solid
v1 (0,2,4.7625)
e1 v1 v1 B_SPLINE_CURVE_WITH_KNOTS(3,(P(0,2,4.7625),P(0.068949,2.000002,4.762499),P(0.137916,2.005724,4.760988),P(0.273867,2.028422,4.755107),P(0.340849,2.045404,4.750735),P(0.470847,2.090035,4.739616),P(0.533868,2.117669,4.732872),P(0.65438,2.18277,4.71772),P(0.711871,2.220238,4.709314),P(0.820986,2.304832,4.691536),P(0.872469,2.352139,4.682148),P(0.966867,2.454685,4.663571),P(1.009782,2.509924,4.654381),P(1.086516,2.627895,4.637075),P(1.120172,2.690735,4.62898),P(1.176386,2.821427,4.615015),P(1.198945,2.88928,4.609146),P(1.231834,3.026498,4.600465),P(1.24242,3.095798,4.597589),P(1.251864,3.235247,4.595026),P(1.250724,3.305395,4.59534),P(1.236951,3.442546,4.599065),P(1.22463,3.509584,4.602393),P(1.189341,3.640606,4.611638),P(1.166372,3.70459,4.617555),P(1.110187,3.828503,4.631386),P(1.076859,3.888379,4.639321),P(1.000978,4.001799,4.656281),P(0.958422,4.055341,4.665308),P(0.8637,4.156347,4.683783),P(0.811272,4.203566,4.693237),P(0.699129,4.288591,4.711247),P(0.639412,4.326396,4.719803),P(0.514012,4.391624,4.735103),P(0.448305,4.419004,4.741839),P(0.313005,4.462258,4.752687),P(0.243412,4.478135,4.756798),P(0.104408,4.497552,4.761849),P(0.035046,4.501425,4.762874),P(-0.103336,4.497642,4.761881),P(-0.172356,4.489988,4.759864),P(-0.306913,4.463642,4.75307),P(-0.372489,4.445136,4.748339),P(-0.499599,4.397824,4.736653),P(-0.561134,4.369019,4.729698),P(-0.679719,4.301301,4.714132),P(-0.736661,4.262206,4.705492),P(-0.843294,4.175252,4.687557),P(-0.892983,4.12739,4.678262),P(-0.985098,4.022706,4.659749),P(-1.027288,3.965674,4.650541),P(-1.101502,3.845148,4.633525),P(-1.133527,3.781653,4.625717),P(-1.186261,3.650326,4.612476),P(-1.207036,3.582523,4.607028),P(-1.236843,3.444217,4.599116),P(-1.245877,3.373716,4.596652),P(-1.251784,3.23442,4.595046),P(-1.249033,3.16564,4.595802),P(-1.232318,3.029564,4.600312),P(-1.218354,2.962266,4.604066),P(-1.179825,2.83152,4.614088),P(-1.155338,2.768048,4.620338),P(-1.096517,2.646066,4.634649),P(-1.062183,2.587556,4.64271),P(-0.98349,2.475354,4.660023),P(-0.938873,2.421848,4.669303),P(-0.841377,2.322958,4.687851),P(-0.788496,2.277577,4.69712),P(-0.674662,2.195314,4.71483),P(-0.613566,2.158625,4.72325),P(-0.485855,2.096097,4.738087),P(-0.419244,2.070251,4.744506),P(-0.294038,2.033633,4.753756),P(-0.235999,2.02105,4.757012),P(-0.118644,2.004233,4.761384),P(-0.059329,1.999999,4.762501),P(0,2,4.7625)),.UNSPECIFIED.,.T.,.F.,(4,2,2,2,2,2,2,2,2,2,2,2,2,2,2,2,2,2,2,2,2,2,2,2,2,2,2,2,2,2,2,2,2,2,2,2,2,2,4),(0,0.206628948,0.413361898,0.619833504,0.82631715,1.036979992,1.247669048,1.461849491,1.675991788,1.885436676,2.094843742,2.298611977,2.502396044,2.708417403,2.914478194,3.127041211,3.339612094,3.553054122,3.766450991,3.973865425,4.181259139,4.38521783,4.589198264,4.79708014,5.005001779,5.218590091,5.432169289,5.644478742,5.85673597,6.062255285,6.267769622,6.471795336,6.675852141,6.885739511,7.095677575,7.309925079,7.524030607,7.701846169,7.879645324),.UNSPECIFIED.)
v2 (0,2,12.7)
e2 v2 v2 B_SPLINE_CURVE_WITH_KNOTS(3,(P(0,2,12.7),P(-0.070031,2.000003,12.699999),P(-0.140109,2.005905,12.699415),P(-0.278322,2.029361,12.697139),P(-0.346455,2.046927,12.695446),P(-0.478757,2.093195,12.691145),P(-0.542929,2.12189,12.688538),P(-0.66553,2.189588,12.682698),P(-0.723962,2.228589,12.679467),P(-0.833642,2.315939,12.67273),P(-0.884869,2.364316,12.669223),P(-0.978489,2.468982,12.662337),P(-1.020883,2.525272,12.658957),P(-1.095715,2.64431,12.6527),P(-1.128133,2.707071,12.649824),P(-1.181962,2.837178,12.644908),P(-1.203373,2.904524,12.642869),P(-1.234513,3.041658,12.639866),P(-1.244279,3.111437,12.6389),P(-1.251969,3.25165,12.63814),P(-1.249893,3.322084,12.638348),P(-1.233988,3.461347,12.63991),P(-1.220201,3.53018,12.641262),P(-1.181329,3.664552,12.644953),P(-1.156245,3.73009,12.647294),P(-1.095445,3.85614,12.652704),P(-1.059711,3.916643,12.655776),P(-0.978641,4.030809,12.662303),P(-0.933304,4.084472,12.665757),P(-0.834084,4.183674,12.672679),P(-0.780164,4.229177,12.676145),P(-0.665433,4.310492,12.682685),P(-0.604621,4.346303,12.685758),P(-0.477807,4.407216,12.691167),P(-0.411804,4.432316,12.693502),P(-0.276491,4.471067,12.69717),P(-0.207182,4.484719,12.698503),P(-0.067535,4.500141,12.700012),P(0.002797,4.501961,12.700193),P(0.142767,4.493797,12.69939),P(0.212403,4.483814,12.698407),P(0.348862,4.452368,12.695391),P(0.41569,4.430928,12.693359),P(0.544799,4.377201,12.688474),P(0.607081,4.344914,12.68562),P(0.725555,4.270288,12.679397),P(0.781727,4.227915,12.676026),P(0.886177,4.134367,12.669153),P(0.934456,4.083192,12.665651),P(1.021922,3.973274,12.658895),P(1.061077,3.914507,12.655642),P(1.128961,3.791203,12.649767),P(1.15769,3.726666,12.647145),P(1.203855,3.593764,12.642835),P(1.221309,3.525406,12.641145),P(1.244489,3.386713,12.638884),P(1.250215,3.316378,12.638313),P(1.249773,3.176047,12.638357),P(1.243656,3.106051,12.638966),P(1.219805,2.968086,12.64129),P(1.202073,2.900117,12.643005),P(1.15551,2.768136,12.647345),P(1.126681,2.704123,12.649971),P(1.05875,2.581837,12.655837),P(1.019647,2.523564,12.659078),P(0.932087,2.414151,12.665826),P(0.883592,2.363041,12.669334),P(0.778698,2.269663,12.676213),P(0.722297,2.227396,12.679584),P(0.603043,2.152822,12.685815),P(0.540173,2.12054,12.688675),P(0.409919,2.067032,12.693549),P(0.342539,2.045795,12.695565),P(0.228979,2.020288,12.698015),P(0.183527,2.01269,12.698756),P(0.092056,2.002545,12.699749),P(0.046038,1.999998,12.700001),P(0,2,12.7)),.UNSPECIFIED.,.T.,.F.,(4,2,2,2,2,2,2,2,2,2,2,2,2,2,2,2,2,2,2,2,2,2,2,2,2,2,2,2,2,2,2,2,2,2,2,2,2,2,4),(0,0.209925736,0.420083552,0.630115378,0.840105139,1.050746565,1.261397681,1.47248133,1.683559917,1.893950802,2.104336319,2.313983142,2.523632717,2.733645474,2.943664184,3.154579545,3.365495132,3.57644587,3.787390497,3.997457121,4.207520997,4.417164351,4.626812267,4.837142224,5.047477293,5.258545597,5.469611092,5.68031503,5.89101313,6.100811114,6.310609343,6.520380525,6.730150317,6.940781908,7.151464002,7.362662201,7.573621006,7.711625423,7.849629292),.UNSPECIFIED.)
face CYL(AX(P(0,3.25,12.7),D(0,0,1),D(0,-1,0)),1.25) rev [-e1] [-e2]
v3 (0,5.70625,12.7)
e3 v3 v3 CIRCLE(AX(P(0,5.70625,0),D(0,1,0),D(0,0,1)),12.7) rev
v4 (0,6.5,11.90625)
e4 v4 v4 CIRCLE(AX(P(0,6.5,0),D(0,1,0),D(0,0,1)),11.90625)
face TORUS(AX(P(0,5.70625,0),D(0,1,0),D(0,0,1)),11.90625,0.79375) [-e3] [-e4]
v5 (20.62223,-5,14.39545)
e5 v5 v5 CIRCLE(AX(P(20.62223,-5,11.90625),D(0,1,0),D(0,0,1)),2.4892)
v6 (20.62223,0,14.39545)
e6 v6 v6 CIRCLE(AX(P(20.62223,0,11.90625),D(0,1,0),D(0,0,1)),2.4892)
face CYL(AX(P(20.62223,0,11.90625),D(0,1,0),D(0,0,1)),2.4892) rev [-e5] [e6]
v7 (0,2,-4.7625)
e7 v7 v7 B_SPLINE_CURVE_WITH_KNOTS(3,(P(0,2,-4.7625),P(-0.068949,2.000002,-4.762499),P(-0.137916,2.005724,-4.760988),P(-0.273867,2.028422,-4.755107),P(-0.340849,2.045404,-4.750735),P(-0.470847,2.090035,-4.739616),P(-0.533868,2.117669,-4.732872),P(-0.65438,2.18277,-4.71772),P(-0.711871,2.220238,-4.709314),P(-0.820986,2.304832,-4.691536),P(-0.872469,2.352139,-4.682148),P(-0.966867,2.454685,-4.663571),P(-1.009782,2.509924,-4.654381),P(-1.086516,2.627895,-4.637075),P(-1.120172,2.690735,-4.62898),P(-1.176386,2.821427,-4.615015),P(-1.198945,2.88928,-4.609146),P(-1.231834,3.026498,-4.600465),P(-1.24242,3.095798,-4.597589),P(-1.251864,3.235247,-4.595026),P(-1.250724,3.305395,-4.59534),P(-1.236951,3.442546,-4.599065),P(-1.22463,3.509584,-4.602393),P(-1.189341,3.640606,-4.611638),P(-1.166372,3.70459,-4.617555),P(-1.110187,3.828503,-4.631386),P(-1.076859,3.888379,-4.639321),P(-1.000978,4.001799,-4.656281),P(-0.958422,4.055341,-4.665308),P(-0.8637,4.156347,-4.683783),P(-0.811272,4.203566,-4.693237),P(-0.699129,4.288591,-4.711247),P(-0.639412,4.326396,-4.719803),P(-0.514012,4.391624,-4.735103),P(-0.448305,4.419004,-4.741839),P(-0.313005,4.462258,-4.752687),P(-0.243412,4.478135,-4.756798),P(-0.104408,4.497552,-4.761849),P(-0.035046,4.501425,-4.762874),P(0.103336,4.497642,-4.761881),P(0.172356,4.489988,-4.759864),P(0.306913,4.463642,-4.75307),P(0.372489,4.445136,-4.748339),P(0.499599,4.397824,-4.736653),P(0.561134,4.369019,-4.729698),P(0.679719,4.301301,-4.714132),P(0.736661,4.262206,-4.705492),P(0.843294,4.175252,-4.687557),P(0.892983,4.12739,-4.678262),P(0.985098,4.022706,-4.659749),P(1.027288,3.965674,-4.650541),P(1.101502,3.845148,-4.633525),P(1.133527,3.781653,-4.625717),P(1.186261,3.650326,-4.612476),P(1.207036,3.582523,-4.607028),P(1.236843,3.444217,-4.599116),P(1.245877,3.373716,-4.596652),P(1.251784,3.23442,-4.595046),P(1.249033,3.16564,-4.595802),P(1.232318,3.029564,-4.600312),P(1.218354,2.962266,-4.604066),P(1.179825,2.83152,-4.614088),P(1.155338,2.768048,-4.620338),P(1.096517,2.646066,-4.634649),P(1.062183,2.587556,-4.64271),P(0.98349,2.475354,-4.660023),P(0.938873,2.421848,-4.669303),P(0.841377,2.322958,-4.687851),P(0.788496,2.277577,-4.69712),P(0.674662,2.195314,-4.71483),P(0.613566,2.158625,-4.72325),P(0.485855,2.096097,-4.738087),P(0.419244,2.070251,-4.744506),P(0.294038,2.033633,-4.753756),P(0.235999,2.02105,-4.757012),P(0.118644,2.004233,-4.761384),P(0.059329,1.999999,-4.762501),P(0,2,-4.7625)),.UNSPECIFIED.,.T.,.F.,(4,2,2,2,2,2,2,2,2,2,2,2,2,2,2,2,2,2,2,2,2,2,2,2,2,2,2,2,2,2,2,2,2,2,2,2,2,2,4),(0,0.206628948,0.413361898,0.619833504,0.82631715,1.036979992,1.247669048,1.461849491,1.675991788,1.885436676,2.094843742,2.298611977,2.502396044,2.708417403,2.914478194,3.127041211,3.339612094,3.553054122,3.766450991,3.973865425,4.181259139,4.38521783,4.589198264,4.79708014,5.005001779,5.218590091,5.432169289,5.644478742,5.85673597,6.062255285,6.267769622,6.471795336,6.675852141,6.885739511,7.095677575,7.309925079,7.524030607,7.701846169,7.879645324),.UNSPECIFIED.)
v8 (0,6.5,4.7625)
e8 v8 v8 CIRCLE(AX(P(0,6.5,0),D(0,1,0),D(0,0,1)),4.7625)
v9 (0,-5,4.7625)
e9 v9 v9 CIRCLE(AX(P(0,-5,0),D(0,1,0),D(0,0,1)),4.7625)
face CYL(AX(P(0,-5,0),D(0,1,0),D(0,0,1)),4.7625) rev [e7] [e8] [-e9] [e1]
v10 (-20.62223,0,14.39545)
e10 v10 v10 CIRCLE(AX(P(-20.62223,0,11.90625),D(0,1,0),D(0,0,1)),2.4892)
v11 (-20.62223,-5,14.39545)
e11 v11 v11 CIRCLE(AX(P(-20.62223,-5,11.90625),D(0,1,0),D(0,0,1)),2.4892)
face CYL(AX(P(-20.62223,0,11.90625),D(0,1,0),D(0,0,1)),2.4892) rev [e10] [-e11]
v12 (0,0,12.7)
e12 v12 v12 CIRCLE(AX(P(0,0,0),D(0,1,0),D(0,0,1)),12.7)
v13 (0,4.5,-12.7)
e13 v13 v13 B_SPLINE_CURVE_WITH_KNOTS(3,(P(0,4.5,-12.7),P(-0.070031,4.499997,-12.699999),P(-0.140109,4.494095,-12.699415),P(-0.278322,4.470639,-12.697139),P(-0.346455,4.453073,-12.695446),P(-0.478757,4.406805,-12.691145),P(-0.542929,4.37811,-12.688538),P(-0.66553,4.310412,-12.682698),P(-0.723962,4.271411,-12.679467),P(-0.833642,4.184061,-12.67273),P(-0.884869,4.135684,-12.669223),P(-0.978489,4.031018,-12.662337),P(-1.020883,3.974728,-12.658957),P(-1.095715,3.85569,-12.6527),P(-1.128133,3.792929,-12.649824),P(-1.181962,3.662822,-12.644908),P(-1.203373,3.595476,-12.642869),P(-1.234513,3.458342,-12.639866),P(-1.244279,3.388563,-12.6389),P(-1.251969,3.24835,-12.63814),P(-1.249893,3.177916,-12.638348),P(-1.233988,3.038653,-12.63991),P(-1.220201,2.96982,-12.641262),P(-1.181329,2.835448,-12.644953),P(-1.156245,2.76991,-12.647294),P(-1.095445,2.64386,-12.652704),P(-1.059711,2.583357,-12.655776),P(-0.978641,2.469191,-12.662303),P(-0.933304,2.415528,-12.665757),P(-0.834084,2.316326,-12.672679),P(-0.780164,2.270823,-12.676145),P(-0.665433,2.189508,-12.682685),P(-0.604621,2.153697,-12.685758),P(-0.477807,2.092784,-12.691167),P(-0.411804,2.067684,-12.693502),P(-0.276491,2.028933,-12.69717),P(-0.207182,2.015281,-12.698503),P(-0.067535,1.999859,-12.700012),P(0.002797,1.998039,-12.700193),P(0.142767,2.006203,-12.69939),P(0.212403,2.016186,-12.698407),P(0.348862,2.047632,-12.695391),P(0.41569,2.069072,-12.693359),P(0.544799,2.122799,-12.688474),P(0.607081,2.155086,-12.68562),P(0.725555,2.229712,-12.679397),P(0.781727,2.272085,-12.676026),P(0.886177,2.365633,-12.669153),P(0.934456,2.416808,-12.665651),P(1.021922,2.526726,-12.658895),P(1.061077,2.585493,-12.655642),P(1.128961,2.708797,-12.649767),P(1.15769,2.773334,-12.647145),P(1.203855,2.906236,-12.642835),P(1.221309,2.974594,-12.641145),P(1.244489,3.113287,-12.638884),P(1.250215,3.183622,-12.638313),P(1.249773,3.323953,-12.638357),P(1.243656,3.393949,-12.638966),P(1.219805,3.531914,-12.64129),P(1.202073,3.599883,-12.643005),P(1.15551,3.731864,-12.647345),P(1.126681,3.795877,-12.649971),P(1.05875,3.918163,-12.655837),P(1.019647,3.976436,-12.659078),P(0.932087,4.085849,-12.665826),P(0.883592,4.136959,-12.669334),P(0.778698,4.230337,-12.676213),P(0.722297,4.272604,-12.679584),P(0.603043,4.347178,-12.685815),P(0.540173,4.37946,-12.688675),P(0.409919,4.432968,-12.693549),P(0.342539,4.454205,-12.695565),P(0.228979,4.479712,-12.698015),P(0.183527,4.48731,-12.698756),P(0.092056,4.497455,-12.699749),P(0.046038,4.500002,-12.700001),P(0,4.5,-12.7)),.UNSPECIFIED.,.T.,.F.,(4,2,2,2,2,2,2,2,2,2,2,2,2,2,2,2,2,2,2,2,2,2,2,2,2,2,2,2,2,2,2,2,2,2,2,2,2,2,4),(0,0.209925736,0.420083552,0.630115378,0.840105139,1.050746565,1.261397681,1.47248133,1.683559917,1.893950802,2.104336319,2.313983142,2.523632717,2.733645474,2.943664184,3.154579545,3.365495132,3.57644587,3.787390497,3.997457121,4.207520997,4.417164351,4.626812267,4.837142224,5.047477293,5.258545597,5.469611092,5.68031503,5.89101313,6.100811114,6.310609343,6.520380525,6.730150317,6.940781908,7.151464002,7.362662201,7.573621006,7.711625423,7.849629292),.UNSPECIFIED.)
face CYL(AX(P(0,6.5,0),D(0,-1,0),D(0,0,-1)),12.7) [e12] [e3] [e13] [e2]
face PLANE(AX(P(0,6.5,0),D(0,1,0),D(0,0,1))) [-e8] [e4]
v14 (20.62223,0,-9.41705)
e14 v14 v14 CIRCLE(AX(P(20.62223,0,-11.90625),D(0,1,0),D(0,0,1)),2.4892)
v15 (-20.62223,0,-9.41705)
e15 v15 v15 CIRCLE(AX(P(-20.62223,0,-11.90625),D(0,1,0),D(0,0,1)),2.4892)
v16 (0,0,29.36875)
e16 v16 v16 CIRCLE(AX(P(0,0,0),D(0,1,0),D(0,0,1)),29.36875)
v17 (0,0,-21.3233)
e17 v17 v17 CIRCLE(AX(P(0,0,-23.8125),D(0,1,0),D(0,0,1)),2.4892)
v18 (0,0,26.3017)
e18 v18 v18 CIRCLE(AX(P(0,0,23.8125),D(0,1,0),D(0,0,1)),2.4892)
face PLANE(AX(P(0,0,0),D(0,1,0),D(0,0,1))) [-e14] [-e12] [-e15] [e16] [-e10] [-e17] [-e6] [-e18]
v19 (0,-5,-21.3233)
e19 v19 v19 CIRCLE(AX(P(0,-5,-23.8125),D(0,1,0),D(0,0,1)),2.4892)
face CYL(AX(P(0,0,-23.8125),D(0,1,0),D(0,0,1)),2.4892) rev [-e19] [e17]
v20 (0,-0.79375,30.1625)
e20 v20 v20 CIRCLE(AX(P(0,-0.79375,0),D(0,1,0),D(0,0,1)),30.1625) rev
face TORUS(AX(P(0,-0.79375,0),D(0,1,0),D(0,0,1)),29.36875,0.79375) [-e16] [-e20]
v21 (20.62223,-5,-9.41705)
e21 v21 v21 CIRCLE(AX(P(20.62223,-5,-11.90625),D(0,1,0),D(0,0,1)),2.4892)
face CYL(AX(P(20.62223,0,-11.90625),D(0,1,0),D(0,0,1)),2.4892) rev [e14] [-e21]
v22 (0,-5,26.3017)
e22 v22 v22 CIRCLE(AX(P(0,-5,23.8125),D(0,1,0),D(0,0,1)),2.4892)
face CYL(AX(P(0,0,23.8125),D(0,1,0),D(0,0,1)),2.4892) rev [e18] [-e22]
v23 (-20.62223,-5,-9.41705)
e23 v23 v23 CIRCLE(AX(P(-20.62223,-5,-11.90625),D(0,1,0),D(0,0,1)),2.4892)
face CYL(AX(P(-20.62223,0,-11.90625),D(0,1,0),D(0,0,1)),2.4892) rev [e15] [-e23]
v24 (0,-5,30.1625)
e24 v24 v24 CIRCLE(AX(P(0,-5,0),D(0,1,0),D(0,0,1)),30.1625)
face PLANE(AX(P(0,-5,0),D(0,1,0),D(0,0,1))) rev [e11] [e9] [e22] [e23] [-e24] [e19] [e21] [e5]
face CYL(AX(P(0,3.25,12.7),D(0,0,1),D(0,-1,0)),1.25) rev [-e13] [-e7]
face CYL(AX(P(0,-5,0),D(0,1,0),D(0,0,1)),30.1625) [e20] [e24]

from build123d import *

# Parameters (mm, degrees)
SKETCH1_R                   = 30.1625
SKETCH1_R_2                 = 12.7
SKETCH1_R_3                 = 4.7625
BOSS_EXTRUDE1_DEPTH         = 5
BOSS_EXTRUDE2_START         = 6.5
SKETCH1_3_R                 = 12.7
SKETCH1_3_R_2               = 4.7625
BOSS_EXTRUDE2_DEPTH         = 6.5
F_10_CLEARANCE_HOLE1_D      = 4.9784
TAP_DRILL_FOR_M3X0_5_TAP1_D = 2.5
FILLET1_R                   = 0.79375


with BuildPart() as part:
    # Sketch1 → Boss-Extrude1 (new body)
    # profile 1 of 2: a face of its own
    with BuildSketch(Plane(origin=(0, 0, 0), x_dir=(1, 0, 0), z_dir=(0, 1, 0))):
        with Locations(Location((0, 0, 0), (0, 0, 270))):
            Circle(SKETCH1_R)
        Circle(SKETCH1_R_2, mode=Mode.SUBTRACT)
    # profile 2 of 2: a face of its own
    with BuildSketch(Plane(origin=(0, 0, 0), x_dir=(1, 0, 0), z_dir=(0, 1, 0))):
        Circle(SKETCH1_R_2)
        with Locations(Location((0, 0, 0), (0, 0, 270))):
            Circle(SKETCH1_R_3, mode=Mode.SUBTRACT)
    extrude(amount=-BOSS_EXTRUDE1_DEPTH)

    # Sketch1<3> → Boss-Extrude2 (add)
    with BuildSketch(Plane(origin=(0, 0, 0), x_dir=(1, 0, 0), z_dir=(0, 1, 0)).offset(BOSS_EXTRUDE2_START)):
        with Locations(Location((0, 0, 0), (0, 0, 90))):
            Circle(SKETCH1_3_R)
        with Locations(Location((0, 0, 0), (0, 0, 270))):
            Circle(SKETCH1_3_R_2, mode=Mode.SUBTRACT)
    extrude(amount=-BOSS_EXTRUDE2_DEPTH)

    # #10 Clearance Hole1 (through all)
    with Locations(Plane(origin=(0, 0, -23.8125), x_dir=(0, 0, 1), z_dir=(0, 1, 0))):
        with Locations((0, 0), (11.90625, 20.622229928), (35.71875, 20.622229928), (11.90625, -20.622229928), (35.71875, -20.622229928), (47.625, 0)):
            Hole(F_10_CLEARANCE_HOLE1_D / 2)

    # Tap Drill for M3x0.5 Tap1 (through all)
    with Locations(Plane(origin=(0, 3.25, 12.7), x_dir=(1, 0, 0), z_dir=(0, 0, 1))):
        with Locations((0, 0)):
            Hole(TAP_DRILL_FOR_M3X0_5_TAP1_D / 2)

    # Fillet1
    fillet1_edges = [part.edges().sort_by_distance(p)[0] for p in [
        (0, 6.5, 12.7),
        (0, 0, -30.1625),
    ]]
    fillet(fillet1_edges, radius=FILLET1_R)


solid = part.part
